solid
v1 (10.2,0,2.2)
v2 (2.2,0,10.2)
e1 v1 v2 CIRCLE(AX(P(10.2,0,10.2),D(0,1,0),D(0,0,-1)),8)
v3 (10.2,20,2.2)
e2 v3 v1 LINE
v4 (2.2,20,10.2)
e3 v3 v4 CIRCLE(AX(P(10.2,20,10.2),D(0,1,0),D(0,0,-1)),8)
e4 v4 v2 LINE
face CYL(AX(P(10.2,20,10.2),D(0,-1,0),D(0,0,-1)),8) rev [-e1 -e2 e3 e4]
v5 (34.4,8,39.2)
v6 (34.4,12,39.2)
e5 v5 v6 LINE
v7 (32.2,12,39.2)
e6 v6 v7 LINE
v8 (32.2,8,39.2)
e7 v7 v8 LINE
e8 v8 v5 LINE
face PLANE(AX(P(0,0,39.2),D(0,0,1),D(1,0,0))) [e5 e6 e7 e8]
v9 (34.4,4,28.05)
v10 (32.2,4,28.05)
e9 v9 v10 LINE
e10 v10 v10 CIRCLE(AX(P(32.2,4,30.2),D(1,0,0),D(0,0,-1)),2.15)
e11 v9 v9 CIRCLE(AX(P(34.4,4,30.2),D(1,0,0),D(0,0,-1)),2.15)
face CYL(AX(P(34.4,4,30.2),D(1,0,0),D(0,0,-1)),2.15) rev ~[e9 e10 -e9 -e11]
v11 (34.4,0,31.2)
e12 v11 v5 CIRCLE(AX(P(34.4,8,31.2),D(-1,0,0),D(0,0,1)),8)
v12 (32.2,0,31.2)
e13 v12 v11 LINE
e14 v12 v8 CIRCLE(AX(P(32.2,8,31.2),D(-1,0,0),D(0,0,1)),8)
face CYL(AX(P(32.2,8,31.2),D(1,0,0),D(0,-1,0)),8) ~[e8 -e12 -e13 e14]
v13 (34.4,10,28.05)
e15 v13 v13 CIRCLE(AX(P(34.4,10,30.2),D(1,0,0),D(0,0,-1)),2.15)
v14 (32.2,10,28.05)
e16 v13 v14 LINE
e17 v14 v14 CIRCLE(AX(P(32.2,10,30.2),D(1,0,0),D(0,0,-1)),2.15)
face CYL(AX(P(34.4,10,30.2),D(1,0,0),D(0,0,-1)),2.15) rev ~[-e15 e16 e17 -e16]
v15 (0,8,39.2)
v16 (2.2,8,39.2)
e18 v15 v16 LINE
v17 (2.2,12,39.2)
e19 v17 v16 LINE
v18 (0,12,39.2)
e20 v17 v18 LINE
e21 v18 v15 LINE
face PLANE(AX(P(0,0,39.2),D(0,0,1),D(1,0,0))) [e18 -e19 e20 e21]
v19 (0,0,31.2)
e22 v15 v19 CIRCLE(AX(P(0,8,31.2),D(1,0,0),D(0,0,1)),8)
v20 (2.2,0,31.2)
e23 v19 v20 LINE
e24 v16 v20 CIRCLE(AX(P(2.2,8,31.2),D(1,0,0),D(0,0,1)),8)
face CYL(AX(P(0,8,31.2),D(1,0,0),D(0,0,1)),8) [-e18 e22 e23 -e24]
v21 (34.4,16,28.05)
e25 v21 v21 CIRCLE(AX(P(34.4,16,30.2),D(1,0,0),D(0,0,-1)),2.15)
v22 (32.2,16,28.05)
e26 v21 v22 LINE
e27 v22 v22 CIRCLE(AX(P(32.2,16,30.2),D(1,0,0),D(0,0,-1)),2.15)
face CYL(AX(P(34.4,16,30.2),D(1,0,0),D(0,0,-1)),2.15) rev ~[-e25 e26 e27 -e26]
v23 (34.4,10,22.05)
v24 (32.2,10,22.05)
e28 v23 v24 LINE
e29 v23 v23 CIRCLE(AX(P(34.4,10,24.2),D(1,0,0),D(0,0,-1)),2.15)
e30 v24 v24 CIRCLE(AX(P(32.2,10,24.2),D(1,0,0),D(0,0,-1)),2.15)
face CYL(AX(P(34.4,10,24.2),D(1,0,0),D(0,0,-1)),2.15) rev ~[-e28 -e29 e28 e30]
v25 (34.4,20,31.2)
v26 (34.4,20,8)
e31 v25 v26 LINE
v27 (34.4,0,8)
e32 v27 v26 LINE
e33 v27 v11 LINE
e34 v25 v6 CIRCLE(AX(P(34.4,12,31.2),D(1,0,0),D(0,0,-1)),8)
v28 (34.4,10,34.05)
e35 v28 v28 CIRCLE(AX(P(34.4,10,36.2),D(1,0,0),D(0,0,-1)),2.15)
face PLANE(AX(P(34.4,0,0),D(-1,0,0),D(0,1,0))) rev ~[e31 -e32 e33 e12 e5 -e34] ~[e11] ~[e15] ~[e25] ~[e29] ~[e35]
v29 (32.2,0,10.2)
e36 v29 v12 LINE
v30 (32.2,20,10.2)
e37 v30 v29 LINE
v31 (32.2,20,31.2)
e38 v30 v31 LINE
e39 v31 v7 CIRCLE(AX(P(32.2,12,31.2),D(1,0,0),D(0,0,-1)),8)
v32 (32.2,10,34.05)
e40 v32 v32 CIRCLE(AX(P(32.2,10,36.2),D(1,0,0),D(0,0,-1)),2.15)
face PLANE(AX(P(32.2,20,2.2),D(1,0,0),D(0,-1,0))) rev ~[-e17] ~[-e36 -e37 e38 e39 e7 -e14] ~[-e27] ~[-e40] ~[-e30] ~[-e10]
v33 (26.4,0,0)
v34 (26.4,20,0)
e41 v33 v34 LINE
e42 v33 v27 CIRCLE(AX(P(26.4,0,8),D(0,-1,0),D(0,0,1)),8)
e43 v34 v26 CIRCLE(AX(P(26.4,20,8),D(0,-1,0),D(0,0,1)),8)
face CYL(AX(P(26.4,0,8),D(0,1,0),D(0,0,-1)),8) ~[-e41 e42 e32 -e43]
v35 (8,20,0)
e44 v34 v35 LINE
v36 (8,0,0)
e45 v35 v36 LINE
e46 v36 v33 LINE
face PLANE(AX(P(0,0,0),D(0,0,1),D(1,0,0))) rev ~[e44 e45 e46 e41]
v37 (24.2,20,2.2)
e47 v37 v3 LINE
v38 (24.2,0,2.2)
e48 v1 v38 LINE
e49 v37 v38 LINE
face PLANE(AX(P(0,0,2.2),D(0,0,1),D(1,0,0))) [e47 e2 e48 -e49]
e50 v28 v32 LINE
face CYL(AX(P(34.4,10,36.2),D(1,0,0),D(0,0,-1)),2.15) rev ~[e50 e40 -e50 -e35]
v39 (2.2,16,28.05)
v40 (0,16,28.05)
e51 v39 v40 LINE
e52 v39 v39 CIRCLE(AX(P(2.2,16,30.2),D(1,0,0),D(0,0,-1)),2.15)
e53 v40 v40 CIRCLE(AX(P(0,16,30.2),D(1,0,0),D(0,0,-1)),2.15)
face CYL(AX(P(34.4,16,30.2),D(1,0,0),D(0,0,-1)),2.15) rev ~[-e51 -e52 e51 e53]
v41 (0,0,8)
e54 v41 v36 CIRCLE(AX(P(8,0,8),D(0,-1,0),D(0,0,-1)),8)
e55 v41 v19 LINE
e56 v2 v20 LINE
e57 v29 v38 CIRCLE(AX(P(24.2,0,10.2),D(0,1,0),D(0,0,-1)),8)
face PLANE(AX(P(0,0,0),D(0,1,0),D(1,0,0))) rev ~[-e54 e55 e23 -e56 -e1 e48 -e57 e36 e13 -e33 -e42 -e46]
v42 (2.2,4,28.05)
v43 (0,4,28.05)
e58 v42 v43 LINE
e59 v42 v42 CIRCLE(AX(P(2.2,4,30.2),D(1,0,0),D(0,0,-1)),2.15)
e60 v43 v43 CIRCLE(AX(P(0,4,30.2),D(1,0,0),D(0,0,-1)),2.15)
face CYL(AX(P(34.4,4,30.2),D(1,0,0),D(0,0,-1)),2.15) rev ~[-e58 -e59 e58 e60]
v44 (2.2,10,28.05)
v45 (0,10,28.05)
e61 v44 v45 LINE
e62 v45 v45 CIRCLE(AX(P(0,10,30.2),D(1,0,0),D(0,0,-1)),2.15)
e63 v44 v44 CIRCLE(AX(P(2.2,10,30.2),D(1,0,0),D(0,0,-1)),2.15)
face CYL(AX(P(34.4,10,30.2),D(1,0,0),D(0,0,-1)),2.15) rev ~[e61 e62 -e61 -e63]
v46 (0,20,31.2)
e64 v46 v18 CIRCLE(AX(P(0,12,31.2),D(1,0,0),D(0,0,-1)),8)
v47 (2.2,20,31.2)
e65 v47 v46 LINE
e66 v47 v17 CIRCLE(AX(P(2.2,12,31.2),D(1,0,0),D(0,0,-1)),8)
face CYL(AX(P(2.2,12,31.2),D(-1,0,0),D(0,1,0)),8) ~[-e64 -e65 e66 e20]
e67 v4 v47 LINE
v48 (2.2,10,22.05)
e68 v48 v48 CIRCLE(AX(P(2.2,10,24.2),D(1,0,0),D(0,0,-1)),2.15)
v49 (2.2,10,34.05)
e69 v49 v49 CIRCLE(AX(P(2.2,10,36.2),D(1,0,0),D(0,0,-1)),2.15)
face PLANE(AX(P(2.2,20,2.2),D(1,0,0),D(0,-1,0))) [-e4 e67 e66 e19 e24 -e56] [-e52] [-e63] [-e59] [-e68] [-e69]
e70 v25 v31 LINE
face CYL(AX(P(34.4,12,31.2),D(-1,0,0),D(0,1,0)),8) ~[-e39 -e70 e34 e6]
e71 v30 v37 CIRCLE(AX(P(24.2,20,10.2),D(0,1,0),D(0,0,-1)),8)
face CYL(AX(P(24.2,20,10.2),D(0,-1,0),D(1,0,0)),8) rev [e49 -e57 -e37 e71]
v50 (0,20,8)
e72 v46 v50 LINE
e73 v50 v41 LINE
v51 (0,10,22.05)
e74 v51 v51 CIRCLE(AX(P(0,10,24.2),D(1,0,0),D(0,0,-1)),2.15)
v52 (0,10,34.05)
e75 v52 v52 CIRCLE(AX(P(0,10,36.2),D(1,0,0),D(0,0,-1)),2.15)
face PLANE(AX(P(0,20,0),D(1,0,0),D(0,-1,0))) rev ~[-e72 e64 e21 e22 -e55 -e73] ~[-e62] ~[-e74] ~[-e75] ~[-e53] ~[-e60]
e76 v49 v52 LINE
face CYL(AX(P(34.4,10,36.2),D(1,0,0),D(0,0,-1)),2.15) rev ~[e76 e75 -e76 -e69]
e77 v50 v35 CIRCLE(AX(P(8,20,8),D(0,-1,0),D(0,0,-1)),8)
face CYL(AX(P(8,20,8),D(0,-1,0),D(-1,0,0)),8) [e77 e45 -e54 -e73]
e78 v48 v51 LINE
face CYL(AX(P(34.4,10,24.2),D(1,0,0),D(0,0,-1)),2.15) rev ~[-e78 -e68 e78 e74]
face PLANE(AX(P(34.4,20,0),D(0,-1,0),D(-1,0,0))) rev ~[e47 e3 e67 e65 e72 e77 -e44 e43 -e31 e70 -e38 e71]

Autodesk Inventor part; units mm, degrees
ref_plane "YZ Plane" through (0, 0, 0) normal (1, 0, 0) x (0, 1, 0)
ref_plane "XZ Plane" through (0, 0, 0) normal (0, 1, 0) x (-1, 0, 0)
ref_plane "XY Plane" through (0, 0, 0) normal (0, 0, 1) x (1, 0, 0)
sketch "Esquisse1" plane through (0, 0, 0) normal (0, 0, 1) x (1, 0, 0)
  line L0 (0, 0) -> (34.4, 0)
  line L1 (34.4, 0) -> (34.4, 20)
  line L2 (34.4, 20) -> (0, 20)
  line L3 (0, 20) -> (0, 0)
  dimension "d0" = 34.4
  dimension "d1" = 20
extrude "Extrusion1" add sketch "Esquisse1" along normal blind 2.2
sketch "Esquisse2" plane through (0, 0, 2.2) normal (0, 0, 1) x (1, 0, 0)
  line L0 (0, 0) -> (34.4, 0) projected
  line L1 (34.4, 20) -> (0, 20) projected
  line L2 (0, 20) -> (0, 0) projected
  line L3 (0, 20) -> (2.2, 20)
  line L4 (2.2, 20) -> (2.2, 0)
  line L5 (2.2, 0) -> (0, 0)
  line L6 (0, 0) -> (0, 20)
  line L7 (17.2, 20) -> (17.2, 0) construction
  line L8 (34.4, 20) -> (32.2, 20)
  line L9 (32.2, 20) -> (32.2, 0)
  line L10 (32.2, 0) -> (34.4, 0)
  line L11 (34.4, 0) -> (34.4, 20)
  dimension "d4" = 2.2
extrude "Extrusion2" add sketch "Esquisse2" along normal blind 37 contours L2 L1 L4 L0 | L9 L1 L11 L0
sketch "Esquisse3" plane through (34.4, 0, 0) normal (1, 0, 0) x (0, 0, -1)
  line L0 (0, 0) -> (0, 20) construction
  line L1 (-39.2, 0) -> (-39.2, 20) construction
  line L2 (-39.2, 10) -> (0, 10) construction
  circle A0 centre (-30.2, 10) radius 2.15
  line L3 (-30.2, 10) -> (-30.2, 15.2246) construction
  circle A1 centre (-24.2, 10) radius 2.15
  circle A2 centre (-36.2, 10) radius 2.15
  circle A3 centre (-30.2, 10) radius 2.15
  circle A4 centre (-30.2, 16) radius 2.15
  circle A5 centre (-30.2, 4) radius 2.15
  circle A6 centre (-30.2, 10) radius 2.15
  dimension "d7" = 9
  dimension "d8" = 4.3
  dimension "d11" = 6
  dimension "d14" = 6
  dimension "d19" = 6
  dimension "d22" = 6
extrude "Extrusion3" cut sketch "Esquisse3" against normal through all
fillet "Congé1" radius 8 4 edges at (33.3, 20, 39.2) (1.1, 20, 39.2) (1.1, 0, 39.2) (33.3, 0, 39.2)
fillet "Congé2" radius 8 4 edges at (2.2, 10, 2.2) (0, 10, 0) (34.4, 10, 0) (32.2, 10, 2.2)
equation "\"d2\" = UDepth"
equation "\"d4\" = Depth"
equation "\"d8\" = Holes"
equation "\"d28\" = URound"
equation "\"Depth\" = 2.2"
equation "\"Holes\" = 4.3"
equation "\"UDepth\" = Depth"
equation "\"USize\" = 5"
equation "\"URound\" = 8"
properties part number "BackFeet"
